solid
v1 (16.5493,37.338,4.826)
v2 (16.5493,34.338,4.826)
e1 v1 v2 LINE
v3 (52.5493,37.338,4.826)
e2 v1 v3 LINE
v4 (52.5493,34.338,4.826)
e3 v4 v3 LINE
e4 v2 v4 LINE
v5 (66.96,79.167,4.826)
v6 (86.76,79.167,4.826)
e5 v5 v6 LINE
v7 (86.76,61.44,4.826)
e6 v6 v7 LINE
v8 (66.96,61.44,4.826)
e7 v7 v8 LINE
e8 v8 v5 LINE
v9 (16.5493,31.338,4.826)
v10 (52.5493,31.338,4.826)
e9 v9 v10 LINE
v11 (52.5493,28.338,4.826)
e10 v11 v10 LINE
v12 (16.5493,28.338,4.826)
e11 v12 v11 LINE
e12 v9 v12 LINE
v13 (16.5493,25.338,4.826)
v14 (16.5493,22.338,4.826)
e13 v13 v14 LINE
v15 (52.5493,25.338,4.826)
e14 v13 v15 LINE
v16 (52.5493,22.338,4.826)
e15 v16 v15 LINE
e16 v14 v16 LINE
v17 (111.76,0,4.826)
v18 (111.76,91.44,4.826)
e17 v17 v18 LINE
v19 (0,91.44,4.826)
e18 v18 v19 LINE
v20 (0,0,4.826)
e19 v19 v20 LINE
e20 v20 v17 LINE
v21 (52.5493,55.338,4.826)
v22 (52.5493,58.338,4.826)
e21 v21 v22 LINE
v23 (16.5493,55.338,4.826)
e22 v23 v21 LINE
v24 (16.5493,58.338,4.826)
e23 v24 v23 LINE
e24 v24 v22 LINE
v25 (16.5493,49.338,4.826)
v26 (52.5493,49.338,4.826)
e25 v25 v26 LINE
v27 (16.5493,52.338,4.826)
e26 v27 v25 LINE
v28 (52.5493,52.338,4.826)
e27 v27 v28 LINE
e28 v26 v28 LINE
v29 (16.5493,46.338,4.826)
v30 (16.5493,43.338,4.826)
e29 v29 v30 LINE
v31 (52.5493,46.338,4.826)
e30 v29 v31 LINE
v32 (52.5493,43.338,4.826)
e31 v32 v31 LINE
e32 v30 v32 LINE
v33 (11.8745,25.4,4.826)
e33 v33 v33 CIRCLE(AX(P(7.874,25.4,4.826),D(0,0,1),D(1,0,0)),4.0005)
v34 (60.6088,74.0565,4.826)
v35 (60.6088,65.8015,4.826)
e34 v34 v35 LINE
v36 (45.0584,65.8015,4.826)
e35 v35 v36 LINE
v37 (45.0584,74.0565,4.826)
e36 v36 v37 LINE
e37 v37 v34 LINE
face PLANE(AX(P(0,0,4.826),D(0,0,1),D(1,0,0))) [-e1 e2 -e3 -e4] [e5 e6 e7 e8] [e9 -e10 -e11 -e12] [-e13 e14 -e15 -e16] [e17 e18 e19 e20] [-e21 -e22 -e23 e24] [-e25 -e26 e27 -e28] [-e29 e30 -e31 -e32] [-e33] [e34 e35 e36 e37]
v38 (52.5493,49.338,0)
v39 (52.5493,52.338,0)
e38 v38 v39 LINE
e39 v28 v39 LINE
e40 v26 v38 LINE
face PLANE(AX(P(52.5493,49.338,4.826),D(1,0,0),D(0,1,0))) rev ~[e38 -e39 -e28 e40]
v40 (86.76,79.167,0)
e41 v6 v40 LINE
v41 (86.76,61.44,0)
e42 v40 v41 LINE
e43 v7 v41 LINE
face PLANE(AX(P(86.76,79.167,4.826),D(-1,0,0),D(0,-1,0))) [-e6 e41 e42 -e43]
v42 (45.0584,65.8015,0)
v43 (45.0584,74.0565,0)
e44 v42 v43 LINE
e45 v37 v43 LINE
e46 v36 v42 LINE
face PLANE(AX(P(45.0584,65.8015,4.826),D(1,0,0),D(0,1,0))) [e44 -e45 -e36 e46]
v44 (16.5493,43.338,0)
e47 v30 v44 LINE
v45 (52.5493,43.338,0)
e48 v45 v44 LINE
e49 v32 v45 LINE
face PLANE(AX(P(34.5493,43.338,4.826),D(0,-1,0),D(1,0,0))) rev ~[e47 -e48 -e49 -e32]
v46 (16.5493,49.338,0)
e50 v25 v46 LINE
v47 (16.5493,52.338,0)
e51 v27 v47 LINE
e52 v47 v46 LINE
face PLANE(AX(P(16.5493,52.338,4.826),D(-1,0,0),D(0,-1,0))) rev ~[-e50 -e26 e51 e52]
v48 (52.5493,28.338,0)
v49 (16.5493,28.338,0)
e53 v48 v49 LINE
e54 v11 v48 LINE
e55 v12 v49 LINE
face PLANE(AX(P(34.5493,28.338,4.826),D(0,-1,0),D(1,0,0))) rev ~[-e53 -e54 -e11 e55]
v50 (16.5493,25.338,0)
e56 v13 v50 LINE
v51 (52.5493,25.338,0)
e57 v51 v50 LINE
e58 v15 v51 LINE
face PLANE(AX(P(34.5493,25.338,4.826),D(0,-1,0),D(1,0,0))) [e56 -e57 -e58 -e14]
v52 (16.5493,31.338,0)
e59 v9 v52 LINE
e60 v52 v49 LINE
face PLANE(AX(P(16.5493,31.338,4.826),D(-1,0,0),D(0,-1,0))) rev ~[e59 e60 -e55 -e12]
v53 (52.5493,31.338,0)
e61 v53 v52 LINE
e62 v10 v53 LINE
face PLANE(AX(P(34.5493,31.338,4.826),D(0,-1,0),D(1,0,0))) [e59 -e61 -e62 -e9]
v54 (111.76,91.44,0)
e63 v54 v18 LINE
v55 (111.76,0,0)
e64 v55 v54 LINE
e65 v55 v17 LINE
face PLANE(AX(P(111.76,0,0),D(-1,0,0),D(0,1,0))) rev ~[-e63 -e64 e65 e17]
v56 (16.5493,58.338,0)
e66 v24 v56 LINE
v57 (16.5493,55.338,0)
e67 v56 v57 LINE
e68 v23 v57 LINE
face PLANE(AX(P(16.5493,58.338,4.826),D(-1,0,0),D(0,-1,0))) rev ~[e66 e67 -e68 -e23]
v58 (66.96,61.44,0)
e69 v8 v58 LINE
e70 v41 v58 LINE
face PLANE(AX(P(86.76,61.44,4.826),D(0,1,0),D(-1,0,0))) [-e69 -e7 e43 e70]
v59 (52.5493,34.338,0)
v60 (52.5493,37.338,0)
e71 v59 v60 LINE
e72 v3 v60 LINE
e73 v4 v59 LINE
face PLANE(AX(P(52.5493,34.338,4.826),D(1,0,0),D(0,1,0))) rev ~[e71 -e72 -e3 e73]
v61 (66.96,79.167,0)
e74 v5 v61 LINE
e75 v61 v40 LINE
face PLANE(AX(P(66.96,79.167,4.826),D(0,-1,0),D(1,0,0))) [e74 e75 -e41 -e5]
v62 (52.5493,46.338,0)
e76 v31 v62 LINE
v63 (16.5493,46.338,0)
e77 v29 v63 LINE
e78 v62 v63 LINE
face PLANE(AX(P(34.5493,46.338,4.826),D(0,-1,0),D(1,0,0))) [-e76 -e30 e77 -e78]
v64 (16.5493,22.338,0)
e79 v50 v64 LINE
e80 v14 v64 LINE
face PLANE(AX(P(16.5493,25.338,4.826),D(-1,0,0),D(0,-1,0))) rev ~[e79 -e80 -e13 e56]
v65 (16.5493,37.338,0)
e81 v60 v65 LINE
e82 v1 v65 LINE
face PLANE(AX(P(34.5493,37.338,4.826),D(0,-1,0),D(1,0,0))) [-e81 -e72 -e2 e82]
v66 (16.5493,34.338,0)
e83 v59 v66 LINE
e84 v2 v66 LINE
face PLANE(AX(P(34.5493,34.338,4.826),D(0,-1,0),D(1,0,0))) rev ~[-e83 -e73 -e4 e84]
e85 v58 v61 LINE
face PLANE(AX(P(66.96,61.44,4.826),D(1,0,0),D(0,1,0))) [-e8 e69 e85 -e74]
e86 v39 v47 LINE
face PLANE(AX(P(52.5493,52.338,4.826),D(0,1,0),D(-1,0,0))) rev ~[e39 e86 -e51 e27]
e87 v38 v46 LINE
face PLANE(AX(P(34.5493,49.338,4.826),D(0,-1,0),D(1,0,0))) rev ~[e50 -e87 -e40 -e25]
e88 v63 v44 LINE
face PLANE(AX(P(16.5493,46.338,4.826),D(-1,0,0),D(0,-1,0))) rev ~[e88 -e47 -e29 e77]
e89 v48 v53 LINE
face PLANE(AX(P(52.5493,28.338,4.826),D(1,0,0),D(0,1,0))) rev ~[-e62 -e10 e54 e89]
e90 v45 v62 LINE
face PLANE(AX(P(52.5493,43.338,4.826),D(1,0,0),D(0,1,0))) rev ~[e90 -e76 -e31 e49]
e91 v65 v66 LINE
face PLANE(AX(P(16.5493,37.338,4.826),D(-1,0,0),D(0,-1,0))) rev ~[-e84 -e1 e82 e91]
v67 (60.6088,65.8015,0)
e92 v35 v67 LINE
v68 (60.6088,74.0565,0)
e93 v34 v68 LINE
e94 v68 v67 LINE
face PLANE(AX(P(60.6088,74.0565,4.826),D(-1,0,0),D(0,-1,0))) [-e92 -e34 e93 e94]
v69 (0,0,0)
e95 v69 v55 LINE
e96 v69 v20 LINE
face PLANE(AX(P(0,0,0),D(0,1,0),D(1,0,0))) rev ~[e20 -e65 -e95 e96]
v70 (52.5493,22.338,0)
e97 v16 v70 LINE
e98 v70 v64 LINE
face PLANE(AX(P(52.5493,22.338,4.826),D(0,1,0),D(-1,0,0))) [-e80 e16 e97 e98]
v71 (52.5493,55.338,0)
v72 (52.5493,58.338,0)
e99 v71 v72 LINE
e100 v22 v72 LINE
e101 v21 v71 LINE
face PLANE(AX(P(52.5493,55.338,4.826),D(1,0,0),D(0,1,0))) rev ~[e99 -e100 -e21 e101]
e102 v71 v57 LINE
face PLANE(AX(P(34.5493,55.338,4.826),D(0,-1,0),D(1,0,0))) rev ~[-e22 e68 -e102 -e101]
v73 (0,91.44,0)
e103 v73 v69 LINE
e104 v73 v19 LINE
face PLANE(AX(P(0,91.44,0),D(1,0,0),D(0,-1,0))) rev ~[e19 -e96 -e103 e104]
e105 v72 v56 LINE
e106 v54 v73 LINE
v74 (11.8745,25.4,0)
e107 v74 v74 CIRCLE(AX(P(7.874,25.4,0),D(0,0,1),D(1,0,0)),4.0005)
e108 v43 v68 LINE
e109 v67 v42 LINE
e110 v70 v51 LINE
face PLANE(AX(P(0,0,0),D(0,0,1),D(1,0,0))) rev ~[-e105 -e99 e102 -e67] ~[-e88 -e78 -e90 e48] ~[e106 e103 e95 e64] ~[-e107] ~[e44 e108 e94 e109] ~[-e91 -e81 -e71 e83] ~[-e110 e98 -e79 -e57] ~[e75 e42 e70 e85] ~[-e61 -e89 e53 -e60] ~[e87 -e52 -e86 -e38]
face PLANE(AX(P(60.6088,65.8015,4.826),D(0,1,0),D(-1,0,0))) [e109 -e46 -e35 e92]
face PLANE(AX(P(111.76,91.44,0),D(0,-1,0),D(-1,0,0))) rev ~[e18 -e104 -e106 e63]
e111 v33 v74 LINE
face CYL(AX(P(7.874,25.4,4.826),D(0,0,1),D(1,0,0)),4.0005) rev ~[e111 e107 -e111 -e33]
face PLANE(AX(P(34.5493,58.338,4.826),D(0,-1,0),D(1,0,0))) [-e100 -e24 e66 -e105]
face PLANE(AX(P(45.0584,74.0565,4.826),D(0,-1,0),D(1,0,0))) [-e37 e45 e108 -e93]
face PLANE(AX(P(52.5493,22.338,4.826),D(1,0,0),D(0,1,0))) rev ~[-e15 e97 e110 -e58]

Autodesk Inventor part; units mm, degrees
ref_plane "YZ Plane" through (0, 0, 0) normal (1, 0, 0) x (0, 1, 0)
ref_plane "XZ Plane" through (0, 0, 0) normal (0, 1, 0) x (-1, 0, 0)
ref_plane "XY Plane" through (0, 0, 0) normal (0, 0, 1) x (1, 0, 0)
sketch "Sketch1" plane through (0, 0, 0) normal (0, 0, 1) x (1, 0, 0)
  line L0 (0, 0) -> (111.76, 0)
  line L1 (111.76, 0) -> (111.76, 91.44)
  line L2 (111.76, 91.44) -> (0, 91.44)
  line L3 (0, 91.44) -> (0, 0)
  dimension "d0" = 111.76
  dimension "d1" = 91.44
extrude "Extrusion1" add sketch "Sketch1" along normal blind 4.826
sketch "Sketch2" plane through (0, 0, 4.826) normal (0, 0, 1) x (1, 0, 0)
  line L0 (111.76, 0) -> (111.76, 91.44) projected
  line L1 (34.5493, 37.338) -> (52.5493, 37.338)
  line L2 (52.5493, 40.338) -> (16.5493, 40.338)
  line L3 (16.5493, 43.338) -> (52.5493, 43.338)
  line L4 (34.5493, 46.338) -> (52.5493, 46.338)
  line L5 (16.5493, 49.338) -> (52.5493, 49.338)
  line L6 (52.5493, 52.338) -> (16.5493, 52.338)
  line L7 (34.5493, 55.338) -> (52.5493, 55.338)
  line L8 (16.5493, 58.338) -> (52.5493, 58.338)
  line L9 (16.5493, 58.338) -> (16.5493, 22.338)
  line L10 (52.5493, 22.338) -> (16.5493, 22.338)
  line L11 (34.5493, 25.338) -> (52.5493, 25.338)
  line L12 (34.5493, 28.338) -> (52.5493, 28.338)
  line L13 (34.5493, 31.338) -> (52.5493, 31.338)
  line L14 (34.5493, 34.338) -> (52.5493, 34.338)
  line L15 (66.96, 79.167) -> (86.76, 79.167)
  line L16 (66.96, 61.44) -> (66.96, 79.167)
  line L17 (86.76, 61.44) -> (66.96, 61.44)
  line L18 (86.76, 79.167) -> (86.76, 61.44)
  line L19 (60.6088, 74.0565) -> (60.6088, 65.8015)
  line L20 (60.6088, 65.8015) -> (45.0584, 65.8015)
  line L21 (45.0584, 65.8015) -> (45.0584, 74.0565)
  line L22 (45.0584, 74.0565) -> (60.6088, 74.0565)
  circle A0 centre (7.874, 25.4) radius 4.0005
  line L23 (66.96, 79.167) -> (86.76, 79.167)
  line L24 (86.76, 79.167) -> (86.76, 61.44)
  line L25 (86.76, 61.44) -> (66.96, 61.44)
  line L26 (66.96, 61.44) -> (66.96, 79.167)
  line L27 (52.5493, 58.338) -> (16.5493, 58.338)
  line L28 (16.5493, 58.338) -> (16.5493, 22.338)
  line L29 (16.5493, 22.338) -> (52.5493, 22.338)
  line L30 (52.5493, 22.338) -> (52.5493, 58.338)
  circle A1 centre (7.874, 25.4) radius 4.0005
  line L31 (34.5493, 58.338) -> (34.5493, 22.338)
  line L32 (16.5493, 55.338) -> (52.5493, 55.338)
  line L33 (52.5493, 52.338) -> (16.5493, 52.338)
  line L34 (16.5493, 49.338) -> (52.5493, 49.338)
  line L35 (52.5493, 46.338) -> (16.5493, 46.338)
  line L36 (16.5493, 43.338) -> (52.5493, 43.338)
  line L37 (52.5493, 40.338) -> (16.5493, 40.338)
  line L38 (16.5493, 37.338) -> (52.5493, 37.338)
  line L39 (52.5493, 34.338) -> (16.5493, 34.338)
  line L40 (16.5493, 31.338) -> (52.5493, 31.338)
  line L41 (52.5493, 28.338) -> (16.5493, 28.338)
  line L42 (16.5493, 25.338) -> (52.5493, 25.338)
  line L43 (60.6088, 0) -> (60.6088, 50.8)
  line L44 (111.76, 91.44) -> (111.76, 61.44)
  line L45 (111.76, 61.44) -> (86.76, 61.44)
  line L46 (86.76, 79.167) -> (86.76, 61.44)
  point P0 (0, 0)
  point P1 (0, 0)
  point P2 (0, 0)
  point P3 (0, 0)
  point P4 (0, 0)
  point P5 (16.5493, 28.338)
  dimension "d4" = 50.8
  dimension "d7" = 30
  dimension "d8" = 25
extrude "Extrusion2" cut sketch "Sketch2" against normal blind 4.826 contours L1 L30 L14 L31 | L31 L39 L9 L38 | L13 L30 L12 L31 | L31 L41 L9 L40 | L31 L4 L30 L3 | L3 L9 L35 L31 | L11 L30 L10 L31 | L31 L10 L9 L42 | L31 L6 L30 L5 | L5 L9 L6 L31 | L31 L8 L30 L7 | L32 L9 L8 L31 | L15 L18 L17 L16 | L19 L20 L21 L22 | A0
properties part number "compnent box front"
